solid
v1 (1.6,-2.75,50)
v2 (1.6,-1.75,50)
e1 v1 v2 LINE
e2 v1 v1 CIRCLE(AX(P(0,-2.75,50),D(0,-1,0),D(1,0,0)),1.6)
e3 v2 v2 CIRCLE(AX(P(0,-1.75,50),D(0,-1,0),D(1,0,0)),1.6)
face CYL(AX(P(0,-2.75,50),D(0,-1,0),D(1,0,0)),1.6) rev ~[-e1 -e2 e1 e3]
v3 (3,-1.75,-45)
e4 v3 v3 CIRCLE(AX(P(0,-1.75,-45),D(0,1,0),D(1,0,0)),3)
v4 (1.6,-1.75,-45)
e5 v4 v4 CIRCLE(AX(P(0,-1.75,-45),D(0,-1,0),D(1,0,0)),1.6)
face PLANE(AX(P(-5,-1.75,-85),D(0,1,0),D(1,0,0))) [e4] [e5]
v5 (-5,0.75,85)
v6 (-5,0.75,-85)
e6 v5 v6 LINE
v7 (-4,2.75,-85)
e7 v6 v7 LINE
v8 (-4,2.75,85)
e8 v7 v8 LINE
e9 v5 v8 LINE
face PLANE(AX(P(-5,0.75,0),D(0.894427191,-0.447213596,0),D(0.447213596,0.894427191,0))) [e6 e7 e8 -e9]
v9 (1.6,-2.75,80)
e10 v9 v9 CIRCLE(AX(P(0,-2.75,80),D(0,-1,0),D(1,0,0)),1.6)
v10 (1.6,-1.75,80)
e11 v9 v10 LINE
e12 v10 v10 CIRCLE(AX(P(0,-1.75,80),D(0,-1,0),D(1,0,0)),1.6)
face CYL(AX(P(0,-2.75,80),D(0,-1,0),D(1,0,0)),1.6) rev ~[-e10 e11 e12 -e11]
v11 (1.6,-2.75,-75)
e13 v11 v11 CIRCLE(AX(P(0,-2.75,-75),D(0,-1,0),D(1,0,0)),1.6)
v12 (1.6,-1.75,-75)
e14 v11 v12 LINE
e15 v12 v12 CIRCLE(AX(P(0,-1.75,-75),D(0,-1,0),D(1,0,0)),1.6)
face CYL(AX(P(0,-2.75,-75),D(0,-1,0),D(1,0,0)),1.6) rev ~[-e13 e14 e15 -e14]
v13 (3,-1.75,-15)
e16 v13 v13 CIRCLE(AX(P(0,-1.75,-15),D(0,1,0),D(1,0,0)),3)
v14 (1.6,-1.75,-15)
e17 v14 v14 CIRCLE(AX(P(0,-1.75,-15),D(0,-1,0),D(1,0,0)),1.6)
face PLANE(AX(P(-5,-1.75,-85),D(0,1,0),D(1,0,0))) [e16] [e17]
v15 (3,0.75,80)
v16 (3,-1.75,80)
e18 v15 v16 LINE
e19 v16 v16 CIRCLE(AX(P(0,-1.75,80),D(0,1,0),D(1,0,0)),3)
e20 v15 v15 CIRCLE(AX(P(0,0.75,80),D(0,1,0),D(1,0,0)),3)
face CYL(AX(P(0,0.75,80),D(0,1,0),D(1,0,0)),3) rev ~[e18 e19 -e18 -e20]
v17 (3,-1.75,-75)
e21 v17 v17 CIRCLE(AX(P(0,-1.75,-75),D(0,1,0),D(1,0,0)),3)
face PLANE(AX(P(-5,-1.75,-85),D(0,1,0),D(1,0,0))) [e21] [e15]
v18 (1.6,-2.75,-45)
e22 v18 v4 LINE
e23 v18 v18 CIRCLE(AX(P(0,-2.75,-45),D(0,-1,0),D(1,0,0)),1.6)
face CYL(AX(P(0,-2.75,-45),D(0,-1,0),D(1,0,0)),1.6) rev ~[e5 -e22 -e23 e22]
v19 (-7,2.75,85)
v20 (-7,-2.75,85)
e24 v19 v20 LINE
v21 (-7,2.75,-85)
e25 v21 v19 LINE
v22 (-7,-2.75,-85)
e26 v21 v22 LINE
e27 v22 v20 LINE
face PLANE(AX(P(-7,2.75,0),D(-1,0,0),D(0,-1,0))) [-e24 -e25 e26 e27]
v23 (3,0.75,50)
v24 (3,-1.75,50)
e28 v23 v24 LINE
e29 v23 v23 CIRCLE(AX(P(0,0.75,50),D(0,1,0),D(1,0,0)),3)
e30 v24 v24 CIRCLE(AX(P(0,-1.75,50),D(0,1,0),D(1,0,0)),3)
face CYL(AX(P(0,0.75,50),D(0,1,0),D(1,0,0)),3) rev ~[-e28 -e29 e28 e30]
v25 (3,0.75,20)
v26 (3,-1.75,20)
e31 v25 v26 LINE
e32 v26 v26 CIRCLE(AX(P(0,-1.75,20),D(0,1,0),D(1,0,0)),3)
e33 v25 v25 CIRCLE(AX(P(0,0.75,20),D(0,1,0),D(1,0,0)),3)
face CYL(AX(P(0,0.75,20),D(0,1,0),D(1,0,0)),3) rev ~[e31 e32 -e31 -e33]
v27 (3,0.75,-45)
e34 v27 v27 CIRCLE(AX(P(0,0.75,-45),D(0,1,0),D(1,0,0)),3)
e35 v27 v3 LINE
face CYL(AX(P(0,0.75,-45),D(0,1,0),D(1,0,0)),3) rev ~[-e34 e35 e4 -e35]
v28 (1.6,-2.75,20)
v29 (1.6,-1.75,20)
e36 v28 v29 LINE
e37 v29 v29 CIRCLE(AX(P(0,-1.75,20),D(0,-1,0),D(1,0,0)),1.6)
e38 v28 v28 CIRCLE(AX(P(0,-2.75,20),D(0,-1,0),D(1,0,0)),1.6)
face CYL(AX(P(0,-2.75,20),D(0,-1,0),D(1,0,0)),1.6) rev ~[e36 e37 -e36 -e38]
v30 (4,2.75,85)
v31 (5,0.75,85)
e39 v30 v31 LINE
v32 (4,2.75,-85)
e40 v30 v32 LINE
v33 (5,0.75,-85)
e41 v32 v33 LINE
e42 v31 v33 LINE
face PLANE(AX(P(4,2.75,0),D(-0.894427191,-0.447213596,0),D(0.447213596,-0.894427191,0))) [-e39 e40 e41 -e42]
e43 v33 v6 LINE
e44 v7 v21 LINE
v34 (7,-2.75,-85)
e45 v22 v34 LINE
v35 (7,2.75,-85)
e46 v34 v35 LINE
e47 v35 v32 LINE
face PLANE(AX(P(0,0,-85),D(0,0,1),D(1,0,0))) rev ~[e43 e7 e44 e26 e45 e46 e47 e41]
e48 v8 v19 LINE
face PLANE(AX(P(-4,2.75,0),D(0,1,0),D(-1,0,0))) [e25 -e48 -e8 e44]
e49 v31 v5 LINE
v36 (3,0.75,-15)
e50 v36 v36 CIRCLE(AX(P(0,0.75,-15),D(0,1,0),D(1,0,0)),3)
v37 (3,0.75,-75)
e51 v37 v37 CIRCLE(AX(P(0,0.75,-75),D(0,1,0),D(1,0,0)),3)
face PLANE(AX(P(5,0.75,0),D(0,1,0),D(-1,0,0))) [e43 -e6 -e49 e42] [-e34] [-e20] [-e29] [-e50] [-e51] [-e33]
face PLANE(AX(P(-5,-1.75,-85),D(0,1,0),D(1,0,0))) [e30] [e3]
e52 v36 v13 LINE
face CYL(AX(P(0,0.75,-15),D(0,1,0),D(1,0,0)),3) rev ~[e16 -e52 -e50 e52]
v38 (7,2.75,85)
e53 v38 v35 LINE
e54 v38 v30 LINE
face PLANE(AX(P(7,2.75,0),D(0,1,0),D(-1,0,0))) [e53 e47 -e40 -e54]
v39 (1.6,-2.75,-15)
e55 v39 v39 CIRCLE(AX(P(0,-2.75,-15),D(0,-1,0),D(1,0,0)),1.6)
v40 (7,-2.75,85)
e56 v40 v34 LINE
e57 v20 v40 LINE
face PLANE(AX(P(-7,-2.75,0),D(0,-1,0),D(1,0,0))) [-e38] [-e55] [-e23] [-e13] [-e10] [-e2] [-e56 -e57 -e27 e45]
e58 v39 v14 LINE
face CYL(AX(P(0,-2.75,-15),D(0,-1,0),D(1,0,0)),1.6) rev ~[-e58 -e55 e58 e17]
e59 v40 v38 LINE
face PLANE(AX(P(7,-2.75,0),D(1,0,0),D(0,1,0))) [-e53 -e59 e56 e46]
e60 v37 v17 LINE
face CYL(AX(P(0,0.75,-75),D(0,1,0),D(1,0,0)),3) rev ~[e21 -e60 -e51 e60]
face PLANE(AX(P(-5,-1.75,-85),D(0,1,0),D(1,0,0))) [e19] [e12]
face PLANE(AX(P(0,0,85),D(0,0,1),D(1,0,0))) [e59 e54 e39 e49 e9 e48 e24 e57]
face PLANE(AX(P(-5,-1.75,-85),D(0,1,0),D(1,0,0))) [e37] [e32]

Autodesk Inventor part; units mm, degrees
ref_plane "YZ Plane" through (0, 0, 0) normal (1, 0, 0) x (0, 1, 0)
ref_plane "XZ Plane" through (0, 0, 0) normal (0, 1, 0) x (-1, 0, 0)
ref_plane "XY Plane" through (0, 0, 0) normal (0, 0, 1) x (1, 0, 0)
sketch "Sketch1" plane through (0, 0, 0) normal (0, 0, 1) x (1, 0, 0)
  line L0 (-4, 2.75) -> (-7, 2.75)
  line L1 (-7, 2.75) -> (-7, -2.75)
  line L2 (-7, -2.75) -> (7, -2.75)
  line L3 (7, -2.75) -> (7, 2.75)
  line L4 (7, 2.75) -> (4, 2.75)
  line L5 (4, 2.75) -> (5, 0.75)
  line L6 (5, 0.75) -> (-5, 0.75)
  line L7 (-5, 0.75) -> (-4, 2.75)
  point P0 (0, 0)
  point P1 (0, 0.75)
  point P2 (0, -2.75)
  point P3 (-7, 0)
  dimension "d0" = 14
  dimension "d2" = 3.5
  dimension "d4" = 10
  dimension "d19" = 5.5
  dimension "d20" = 8
extrude "Extrusion1" add sketch "Sketch1" against normal mid plane 170
sketch "Sketch2" plane through (-7, -2.75, -85) normal (0, -1, 0) x (1, 0, 0)
  circle A0 centre (7, 165) radius 1.6
  circle A1 centre (7, 135) radius 1.6
  circle A2 centre (7, 105) radius 1.6
  circle A3 centre (7, 70) radius 1.6
  circle A4 centre (7, 40) radius 1.6
  circle A5 centre (7, 10) radius 1.6
  point P0 (7, 85)
  dimension "d7" = 3.2
  dimension "d8" = 15
  dimension "d9" = 20
  dimension "d10" = 30
  dimension "d11" = 30
  dimension "d12" = 30
  dimension "d13" = 30
extrude "Extrusion2" cut sketch "Sketch2" against normal through all
sketch "Sketch3" plane through (-5, 0.75, -85) normal (0, 1, 0) x (1, 0, 0)
  circle A0 centre (5, -165) radius 1.6 projected
  circle A1 centre (5, -135) radius 1.6 projected
  circle A2 centre (5, -135) radius 1.6 projected
  circle A3 centre (5, -105) radius 1.6 projected
  circle A4 centre (5, -105) radius 1.6 projected
  circle A5 centre (5, -70) radius 1.6 projected
  circle A6 centre (5, -40) radius 1.6 projected
  circle A7 centre (5, -10) radius 1.6 projected
  circle A8 centre (5, -165) radius 3
  circle A9 centre (5, -135) radius 3
  circle A10 centre (5, -105) radius 1.6 projected
  circle A11 centre (5, -105) radius 3
  circle A12 centre (5, -70) radius 1.6 projected
  circle A13 centre (5, -70) radius 3
  circle A14 centre (5, -40) radius 3
  circle A15 centre (5, -10) radius 1.6 projected
  circle A16 centre (5, -10) radius 3
  point P0 (5, -85)
  dimension "d16" = 6
extrude "Extrusion3" cut sketch "Sketch3" against normal blind 2.5 contours A0 | A1 | A3 | A5 | A6 | A7 | A8 | A9 | A11 | A13 | A14 | A16
equation "\"d11\" = d10"
equation "\"d12\" = d10"
equation "\"d13\" = d10"
properties part number "Rail"
